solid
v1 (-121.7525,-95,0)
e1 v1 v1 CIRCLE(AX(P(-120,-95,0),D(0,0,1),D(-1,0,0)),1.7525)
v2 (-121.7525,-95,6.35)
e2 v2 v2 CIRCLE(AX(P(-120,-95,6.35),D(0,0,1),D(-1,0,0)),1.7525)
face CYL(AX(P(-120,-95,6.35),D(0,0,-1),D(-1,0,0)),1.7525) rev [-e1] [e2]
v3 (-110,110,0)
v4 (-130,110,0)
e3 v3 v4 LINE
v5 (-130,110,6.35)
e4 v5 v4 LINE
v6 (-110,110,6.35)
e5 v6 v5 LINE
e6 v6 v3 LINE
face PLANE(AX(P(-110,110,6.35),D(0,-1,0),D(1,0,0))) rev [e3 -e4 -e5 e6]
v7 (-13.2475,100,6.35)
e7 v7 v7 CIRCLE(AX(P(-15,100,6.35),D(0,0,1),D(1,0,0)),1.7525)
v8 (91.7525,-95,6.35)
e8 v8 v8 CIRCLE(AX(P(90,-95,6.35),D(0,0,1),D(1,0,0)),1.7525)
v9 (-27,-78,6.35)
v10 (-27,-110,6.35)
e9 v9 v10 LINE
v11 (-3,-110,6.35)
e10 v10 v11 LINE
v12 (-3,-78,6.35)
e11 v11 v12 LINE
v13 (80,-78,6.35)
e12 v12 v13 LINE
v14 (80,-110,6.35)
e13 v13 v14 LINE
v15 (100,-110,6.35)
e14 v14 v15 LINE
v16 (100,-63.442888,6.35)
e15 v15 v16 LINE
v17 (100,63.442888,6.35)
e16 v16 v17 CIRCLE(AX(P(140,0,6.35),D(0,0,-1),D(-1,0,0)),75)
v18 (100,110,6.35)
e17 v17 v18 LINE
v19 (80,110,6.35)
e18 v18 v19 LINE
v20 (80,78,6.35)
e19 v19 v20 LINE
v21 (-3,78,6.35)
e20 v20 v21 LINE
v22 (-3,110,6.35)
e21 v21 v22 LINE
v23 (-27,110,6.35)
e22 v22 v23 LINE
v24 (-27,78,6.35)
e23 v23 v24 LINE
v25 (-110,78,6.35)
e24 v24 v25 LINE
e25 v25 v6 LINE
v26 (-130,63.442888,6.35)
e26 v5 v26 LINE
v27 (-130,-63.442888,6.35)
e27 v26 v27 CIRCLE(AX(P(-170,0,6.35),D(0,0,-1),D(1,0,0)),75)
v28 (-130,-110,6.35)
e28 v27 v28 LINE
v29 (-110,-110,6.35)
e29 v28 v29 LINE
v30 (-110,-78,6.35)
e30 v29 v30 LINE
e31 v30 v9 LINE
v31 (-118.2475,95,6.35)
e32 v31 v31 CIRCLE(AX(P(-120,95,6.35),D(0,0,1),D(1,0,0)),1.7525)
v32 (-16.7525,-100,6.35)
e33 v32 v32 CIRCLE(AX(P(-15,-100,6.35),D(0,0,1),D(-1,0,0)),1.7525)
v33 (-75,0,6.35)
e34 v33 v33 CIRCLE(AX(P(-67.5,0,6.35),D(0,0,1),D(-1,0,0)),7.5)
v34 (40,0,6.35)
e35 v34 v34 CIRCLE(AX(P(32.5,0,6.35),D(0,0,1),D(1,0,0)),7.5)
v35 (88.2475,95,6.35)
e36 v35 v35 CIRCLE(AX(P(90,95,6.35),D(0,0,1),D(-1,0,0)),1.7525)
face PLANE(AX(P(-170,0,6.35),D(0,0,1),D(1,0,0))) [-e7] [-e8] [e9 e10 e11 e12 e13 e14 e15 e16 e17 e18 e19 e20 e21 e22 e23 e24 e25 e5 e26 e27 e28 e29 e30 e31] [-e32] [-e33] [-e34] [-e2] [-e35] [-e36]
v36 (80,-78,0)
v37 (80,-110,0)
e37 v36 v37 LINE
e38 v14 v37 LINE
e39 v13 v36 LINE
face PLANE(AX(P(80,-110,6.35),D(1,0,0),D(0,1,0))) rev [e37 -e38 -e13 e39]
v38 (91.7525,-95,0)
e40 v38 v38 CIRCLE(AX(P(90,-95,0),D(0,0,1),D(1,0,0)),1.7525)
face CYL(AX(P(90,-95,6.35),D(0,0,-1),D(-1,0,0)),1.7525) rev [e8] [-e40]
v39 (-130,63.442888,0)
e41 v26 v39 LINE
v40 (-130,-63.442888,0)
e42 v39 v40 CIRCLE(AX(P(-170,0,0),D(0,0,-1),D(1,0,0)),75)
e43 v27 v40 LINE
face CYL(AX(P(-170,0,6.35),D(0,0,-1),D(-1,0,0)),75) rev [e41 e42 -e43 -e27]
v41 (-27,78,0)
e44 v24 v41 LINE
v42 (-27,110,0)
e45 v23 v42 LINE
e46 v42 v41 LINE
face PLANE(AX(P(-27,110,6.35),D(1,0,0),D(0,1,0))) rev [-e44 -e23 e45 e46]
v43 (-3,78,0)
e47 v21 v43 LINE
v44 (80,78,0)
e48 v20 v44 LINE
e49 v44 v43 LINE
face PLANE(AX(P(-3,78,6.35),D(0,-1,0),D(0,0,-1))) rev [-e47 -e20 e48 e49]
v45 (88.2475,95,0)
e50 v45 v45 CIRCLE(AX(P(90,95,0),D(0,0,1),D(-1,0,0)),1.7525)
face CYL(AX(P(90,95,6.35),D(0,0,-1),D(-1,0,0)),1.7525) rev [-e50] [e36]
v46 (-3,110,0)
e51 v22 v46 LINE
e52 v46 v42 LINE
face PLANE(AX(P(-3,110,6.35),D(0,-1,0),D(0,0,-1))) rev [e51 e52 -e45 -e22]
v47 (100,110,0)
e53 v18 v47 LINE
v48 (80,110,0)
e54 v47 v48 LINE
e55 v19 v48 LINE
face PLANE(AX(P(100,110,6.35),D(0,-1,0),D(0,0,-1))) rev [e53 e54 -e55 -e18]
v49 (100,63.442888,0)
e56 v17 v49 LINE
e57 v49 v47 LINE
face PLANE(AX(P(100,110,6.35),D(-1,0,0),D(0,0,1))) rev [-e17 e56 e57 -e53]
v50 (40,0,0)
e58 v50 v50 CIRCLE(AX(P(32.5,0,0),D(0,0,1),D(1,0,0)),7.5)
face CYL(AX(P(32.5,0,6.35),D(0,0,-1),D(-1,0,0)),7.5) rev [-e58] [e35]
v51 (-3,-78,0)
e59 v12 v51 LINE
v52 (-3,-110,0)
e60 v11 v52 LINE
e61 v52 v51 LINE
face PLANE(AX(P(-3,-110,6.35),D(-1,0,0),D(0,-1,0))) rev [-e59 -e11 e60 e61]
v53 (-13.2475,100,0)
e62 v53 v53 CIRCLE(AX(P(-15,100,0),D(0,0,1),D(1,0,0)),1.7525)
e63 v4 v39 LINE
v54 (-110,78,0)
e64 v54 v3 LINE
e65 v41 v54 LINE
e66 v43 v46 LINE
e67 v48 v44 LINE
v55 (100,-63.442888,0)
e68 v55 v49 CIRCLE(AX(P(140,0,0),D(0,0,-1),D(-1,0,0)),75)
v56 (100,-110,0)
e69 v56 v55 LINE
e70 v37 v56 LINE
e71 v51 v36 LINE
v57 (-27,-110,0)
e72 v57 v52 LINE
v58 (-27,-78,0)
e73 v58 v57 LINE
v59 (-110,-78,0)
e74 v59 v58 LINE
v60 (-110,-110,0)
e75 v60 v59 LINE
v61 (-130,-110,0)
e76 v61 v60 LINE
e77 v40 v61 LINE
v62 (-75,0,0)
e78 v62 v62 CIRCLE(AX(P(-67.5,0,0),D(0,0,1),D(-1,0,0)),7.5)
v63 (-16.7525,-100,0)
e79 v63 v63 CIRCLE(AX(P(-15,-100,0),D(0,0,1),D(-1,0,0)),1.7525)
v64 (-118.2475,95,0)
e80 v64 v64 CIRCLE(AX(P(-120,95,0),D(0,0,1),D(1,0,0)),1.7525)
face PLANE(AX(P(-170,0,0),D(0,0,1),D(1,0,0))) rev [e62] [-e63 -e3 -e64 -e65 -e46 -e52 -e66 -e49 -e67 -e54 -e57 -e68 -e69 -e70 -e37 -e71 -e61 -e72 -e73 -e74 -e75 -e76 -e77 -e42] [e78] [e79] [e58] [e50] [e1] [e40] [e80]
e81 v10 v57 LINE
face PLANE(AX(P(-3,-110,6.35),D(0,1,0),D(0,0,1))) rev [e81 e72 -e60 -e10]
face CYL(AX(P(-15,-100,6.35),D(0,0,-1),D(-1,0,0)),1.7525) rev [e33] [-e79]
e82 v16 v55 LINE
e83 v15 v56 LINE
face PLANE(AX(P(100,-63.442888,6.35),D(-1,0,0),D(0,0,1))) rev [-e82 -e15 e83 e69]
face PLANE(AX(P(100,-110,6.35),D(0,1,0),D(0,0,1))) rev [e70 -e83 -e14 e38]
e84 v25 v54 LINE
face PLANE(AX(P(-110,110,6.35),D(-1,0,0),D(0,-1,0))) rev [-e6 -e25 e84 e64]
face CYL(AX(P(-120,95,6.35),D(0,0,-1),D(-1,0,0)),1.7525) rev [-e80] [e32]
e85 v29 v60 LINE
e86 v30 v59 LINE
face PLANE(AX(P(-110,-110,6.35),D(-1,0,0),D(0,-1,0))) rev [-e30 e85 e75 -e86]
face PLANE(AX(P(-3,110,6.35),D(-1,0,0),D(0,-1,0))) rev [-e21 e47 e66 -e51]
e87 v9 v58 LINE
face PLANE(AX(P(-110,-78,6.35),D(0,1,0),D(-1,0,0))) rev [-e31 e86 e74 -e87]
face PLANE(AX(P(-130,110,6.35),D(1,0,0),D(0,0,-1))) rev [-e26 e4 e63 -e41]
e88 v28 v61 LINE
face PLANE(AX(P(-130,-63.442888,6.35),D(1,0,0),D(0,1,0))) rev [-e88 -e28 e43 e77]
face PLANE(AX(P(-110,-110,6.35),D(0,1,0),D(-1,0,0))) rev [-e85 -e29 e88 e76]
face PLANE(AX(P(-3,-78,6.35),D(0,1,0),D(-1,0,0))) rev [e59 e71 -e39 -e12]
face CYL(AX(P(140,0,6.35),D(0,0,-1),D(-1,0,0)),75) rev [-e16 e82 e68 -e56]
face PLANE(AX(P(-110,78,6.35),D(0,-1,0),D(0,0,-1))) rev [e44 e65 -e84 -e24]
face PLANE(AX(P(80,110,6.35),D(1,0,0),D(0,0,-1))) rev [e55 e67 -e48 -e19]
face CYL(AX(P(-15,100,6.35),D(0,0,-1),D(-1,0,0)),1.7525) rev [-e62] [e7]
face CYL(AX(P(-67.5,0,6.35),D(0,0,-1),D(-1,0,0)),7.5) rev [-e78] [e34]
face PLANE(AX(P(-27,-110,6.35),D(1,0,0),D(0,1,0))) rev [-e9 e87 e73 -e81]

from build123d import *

# Parameters (mm, degrees)
SKETCH1_R           = 7.5
SKETCH1_R_2         = 1.7525
BOSS_EXTRUDE1_DEPTH = 6.35


with BuildPart() as part:
    # Sketch1 → Boss-Extrude1 (new body)
    with BuildSketch(Plane.XY):
        with BuildLine():
            Line((100, 110), (80, 110))
            Line((80, 110), (80, 78))
            Line((80, 78), (-3, 78))
            Line((-3, 78), (-3, 110))
            Line((-3, 110), (-27, 110))
            Line((-27, 110), (-27, 78))
            Line((-27, 78), (-110, 78))
            Line((-110, 78), (-110, 110))
            Line((-110, 110), (-130, 110))
            Line((-130, 110), (-130, 63.442887702))
            ThreePointArc((-130, 63.442887702), (-95, 0), (-130, -63.442887702))
            Line((-130, -63.442887702), (-130, -110))
            Line((-130, -110), (-110, -110))
            Line((-110, -110), (-110, -78))
            Line((-110, -78), (-27, -78))
            Line((-27, -78), (-27, -110))
            Line((-27, -110), (-3, -110))
            Line((-3, -110), (-3, -78))
            Line((-3, -78), (80, -78))
            Line((80, -78), (80, -110))
            Line((80, -110), (100, -110))
            Line((100, -110), (100, -63.442887702))
            ThreePointArc((100, -63.442887702), (65, 0), (100, 63.442887702))
            Line((100, 63.442887702), (100, 110))
        make_face()
        with Locations((32.5, 0)):
            Circle(SKETCH1_R, mode=Mode.SUBTRACT)
        with Locations(Location((-67.5, 0, 0), (0, 0, 180))):
            Circle(SKETCH1_R, mode=Mode.SUBTRACT)
        with Locations((-120, 95)):
            Circle(SKETCH1_R_2, mode=Mode.SUBTRACT)
        with Locations(Location((90, 95, 0), (0, 0, 180))):
            Circle(SKETCH1_R_2, mode=Mode.SUBTRACT)
        with Locations((-15, 100)):
            Circle(SKETCH1_R_2, mode=Mode.SUBTRACT)
        with Locations(Location((-15, -100, 0), (0, 0, 180))):
            Circle(SKETCH1_R_2, mode=Mode.SUBTRACT)
        with Locations((90, -95)):
            Circle(SKETCH1_R_2, mode=Mode.SUBTRACT)
        with Locations(Location((-120, -95, 0), (0, 0, 180))):
            Circle(SKETCH1_R_2, mode=Mode.SUBTRACT)
    extrude(amount=BOSS_EXTRUDE1_DEPTH)


solid = part.part
